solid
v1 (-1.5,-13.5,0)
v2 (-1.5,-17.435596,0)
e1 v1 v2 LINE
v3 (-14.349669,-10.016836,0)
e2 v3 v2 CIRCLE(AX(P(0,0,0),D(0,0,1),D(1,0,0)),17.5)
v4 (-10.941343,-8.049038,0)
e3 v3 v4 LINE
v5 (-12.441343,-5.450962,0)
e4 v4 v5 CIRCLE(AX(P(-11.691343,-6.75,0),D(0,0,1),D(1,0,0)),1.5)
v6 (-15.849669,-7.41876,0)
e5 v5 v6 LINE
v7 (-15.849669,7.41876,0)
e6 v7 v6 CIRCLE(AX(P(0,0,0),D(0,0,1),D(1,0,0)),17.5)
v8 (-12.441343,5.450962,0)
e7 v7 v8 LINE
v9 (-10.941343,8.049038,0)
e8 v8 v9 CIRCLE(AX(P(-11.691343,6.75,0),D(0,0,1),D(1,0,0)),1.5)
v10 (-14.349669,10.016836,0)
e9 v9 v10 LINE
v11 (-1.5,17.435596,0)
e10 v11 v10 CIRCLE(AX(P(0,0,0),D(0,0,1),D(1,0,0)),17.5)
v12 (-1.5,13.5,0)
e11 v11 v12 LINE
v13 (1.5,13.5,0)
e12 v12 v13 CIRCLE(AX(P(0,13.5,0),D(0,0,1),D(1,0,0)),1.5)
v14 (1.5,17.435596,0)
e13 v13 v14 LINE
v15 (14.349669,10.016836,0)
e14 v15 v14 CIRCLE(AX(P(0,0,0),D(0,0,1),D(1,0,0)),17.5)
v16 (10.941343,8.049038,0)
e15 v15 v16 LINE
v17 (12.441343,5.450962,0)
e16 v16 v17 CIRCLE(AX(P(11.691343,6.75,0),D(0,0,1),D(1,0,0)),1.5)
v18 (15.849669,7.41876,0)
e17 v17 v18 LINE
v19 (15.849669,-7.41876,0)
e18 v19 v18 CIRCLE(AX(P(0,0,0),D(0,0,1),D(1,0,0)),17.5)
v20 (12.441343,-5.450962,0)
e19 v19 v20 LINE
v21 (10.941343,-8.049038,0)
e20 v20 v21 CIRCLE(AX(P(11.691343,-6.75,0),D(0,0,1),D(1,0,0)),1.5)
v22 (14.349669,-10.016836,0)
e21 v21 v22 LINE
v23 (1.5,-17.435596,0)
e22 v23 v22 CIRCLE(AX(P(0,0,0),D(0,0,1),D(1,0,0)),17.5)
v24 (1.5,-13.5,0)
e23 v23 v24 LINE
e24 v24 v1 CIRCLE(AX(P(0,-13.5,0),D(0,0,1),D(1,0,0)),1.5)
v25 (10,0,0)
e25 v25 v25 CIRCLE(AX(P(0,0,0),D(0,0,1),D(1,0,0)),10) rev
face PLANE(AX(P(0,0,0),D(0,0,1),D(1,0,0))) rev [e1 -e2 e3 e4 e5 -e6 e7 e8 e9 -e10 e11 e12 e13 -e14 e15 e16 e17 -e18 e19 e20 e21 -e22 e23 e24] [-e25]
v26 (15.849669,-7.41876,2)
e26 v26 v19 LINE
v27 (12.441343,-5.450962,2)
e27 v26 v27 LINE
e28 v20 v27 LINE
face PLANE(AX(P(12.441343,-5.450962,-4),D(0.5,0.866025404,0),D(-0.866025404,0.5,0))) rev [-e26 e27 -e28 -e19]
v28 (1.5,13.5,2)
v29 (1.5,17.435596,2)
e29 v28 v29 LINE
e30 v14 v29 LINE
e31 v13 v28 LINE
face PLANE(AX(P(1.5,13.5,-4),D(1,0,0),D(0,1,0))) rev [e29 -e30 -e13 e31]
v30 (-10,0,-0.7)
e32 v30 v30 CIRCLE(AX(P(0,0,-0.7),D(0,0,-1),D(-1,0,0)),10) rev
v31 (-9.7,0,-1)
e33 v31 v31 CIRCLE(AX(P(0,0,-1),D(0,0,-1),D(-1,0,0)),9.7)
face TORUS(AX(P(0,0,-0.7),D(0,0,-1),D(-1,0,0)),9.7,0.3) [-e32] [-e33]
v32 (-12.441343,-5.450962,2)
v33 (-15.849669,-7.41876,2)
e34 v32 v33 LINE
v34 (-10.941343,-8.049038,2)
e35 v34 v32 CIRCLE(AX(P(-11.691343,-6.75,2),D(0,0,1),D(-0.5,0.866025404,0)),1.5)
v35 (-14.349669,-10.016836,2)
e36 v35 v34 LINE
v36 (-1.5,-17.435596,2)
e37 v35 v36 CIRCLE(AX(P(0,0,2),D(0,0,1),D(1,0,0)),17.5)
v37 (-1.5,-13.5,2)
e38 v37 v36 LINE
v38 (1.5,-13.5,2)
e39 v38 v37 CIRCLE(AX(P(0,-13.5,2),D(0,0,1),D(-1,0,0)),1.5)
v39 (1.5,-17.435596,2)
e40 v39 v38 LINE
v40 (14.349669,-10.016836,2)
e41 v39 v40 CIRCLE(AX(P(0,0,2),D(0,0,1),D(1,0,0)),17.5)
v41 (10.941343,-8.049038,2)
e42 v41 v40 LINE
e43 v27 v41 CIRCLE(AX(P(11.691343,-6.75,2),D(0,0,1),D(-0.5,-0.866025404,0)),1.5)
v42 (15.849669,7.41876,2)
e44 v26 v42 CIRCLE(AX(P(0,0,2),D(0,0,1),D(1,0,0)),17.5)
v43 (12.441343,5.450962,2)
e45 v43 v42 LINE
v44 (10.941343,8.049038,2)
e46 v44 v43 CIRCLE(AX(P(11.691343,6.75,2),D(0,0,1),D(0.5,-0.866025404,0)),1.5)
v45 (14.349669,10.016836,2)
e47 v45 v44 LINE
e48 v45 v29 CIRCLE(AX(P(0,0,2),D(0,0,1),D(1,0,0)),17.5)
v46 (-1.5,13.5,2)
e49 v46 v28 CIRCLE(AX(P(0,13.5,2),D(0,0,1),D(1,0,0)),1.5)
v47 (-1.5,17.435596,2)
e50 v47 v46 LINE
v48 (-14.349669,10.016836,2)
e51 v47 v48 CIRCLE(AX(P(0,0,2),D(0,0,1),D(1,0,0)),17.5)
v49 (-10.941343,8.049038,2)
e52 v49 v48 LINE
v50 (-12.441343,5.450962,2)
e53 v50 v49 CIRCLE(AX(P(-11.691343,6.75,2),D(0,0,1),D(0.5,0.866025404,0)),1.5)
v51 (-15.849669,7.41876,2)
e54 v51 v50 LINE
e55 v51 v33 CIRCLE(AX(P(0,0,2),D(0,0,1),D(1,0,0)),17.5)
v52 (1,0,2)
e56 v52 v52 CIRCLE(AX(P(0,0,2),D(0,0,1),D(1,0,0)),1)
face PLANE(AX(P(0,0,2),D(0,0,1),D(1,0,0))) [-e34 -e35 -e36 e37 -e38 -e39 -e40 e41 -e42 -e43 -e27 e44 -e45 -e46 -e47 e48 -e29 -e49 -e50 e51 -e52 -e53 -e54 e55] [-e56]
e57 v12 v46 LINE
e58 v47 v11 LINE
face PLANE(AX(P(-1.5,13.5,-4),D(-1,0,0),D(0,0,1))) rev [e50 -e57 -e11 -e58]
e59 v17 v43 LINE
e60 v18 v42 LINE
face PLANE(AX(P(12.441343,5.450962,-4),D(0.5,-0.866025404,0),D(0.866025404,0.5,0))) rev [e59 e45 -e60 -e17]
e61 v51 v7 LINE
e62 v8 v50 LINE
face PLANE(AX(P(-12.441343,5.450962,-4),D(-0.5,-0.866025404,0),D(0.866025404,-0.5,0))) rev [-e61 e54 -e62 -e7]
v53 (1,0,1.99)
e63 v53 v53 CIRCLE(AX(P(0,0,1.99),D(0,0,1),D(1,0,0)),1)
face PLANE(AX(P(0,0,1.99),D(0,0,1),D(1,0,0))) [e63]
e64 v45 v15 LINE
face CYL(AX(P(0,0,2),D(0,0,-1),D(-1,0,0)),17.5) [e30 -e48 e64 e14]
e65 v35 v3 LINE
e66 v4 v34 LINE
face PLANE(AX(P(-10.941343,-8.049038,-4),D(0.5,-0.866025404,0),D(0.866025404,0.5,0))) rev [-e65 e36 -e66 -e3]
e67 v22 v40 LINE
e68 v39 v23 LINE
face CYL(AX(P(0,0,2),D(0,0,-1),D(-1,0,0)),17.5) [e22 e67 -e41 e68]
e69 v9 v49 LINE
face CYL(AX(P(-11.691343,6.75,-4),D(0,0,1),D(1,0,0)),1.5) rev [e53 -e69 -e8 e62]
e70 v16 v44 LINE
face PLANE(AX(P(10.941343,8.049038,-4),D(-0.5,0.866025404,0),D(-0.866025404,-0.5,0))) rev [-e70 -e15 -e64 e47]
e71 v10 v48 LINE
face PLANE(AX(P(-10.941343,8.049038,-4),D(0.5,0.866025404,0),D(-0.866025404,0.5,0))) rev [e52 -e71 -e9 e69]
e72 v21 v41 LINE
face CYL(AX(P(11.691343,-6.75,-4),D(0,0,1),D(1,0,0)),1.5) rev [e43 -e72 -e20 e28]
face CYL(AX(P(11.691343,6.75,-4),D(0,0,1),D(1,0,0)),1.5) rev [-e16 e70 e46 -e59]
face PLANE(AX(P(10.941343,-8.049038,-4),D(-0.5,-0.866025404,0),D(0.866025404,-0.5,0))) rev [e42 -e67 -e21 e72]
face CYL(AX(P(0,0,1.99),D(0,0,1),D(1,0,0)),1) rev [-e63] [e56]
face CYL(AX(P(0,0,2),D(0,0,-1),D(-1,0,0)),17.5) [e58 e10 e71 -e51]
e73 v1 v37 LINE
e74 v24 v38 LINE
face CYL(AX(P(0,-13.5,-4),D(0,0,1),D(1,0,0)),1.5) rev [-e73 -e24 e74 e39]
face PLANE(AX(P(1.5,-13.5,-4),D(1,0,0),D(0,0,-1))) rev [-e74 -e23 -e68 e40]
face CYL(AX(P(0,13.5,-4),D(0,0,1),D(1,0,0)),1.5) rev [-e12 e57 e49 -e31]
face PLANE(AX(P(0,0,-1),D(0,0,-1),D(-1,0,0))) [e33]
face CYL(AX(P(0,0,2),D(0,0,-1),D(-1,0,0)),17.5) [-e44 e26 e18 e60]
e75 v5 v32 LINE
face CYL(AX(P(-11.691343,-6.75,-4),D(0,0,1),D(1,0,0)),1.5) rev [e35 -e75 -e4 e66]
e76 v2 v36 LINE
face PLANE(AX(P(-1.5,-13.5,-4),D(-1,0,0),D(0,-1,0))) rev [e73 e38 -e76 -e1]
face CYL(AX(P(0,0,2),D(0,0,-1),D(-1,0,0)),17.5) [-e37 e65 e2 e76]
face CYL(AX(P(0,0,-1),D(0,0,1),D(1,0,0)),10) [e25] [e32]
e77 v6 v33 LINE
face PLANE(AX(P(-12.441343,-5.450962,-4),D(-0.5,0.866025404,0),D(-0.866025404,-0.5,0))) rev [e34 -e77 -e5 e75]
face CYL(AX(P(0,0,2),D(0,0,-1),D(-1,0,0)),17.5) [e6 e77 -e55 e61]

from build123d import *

# Parameters (mm, degrees)
SKETCH1_R           = 17.5
BOSS_EXTRUDE1_DEPTH = 2
SKETCH2_R           = 10
BOSS_EXTRUDE2_DEPTH = 1
CUT_EXTRUDE1_DEPTH  = 6
SKETCH5_R           = 1
CUT_EXTRUDE2_DEPTH  = 0.01
CIRPATTERN1_COUNT   = 6
FILLET1_R           = 0.3


with BuildPart() as part:
    # Sketch1 → Boss-Extrude1 (new body)
    with BuildSketch(Plane.XY):
        Circle(SKETCH1_R)
    extrude(amount=BOSS_EXTRUDE1_DEPTH)

    # Sketch2 → Boss-Extrude2 (add)
    with BuildSketch(Plane(origin=(0, 0, 0), x_dir=(-1, 0, 0), z_dir=(0, 0, -1))):
        Circle(SKETCH2_R)
    extrude(amount=BOSS_EXTRUDE2_DEPTH)

    # Sketch4 → Cut-Extrude1 (cut)
    with BuildSketch(Plane.XY.offset(2)):
        with BuildLine():
            Line((-1.5, 13.5), (-1.5, 17.5))
            Line((-1.5, 17.5), (1.5, 17.5))
            Line((1.5, 17.5), (1.5, 13.5))
            ThreePointArc((1.5, 13.5), (0, 12), (-1.5, 13.5))
        make_face()
    cut_extrude1 = extrude(amount=-CUT_EXTRUDE1_DEPTH, mode=Mode.SUBTRACT)

    # Sketch5 → Cut-Extrude2 (cut)
    with BuildSketch(Plane.XY.offset(2)):
        Circle(SKETCH5_R)
    extrude(amount=-CUT_EXTRUDE2_DEPTH, mode=Mode.SUBTRACT)

    # CirPattern1: Cut-Extrude1 ×6 about axis
    cirpattern1_axis = Axis((0, 0, 0), (0, 0, 1))
    for i in range(1, CIRPATTERN1_COUNT):
        add(cut_extrude1.rotate(cirpattern1_axis, i * 360 / CIRPATTERN1_COUNT), mode=Mode.SUBTRACT)

    # Fillet1
    fillet1_edges = [part.edges().sort_by_distance(p)[0] for p in [
        (10, 0, -1),
    ]]
    fillet(fillet1_edges, radius=FILLET1_R)


solid = part.part
